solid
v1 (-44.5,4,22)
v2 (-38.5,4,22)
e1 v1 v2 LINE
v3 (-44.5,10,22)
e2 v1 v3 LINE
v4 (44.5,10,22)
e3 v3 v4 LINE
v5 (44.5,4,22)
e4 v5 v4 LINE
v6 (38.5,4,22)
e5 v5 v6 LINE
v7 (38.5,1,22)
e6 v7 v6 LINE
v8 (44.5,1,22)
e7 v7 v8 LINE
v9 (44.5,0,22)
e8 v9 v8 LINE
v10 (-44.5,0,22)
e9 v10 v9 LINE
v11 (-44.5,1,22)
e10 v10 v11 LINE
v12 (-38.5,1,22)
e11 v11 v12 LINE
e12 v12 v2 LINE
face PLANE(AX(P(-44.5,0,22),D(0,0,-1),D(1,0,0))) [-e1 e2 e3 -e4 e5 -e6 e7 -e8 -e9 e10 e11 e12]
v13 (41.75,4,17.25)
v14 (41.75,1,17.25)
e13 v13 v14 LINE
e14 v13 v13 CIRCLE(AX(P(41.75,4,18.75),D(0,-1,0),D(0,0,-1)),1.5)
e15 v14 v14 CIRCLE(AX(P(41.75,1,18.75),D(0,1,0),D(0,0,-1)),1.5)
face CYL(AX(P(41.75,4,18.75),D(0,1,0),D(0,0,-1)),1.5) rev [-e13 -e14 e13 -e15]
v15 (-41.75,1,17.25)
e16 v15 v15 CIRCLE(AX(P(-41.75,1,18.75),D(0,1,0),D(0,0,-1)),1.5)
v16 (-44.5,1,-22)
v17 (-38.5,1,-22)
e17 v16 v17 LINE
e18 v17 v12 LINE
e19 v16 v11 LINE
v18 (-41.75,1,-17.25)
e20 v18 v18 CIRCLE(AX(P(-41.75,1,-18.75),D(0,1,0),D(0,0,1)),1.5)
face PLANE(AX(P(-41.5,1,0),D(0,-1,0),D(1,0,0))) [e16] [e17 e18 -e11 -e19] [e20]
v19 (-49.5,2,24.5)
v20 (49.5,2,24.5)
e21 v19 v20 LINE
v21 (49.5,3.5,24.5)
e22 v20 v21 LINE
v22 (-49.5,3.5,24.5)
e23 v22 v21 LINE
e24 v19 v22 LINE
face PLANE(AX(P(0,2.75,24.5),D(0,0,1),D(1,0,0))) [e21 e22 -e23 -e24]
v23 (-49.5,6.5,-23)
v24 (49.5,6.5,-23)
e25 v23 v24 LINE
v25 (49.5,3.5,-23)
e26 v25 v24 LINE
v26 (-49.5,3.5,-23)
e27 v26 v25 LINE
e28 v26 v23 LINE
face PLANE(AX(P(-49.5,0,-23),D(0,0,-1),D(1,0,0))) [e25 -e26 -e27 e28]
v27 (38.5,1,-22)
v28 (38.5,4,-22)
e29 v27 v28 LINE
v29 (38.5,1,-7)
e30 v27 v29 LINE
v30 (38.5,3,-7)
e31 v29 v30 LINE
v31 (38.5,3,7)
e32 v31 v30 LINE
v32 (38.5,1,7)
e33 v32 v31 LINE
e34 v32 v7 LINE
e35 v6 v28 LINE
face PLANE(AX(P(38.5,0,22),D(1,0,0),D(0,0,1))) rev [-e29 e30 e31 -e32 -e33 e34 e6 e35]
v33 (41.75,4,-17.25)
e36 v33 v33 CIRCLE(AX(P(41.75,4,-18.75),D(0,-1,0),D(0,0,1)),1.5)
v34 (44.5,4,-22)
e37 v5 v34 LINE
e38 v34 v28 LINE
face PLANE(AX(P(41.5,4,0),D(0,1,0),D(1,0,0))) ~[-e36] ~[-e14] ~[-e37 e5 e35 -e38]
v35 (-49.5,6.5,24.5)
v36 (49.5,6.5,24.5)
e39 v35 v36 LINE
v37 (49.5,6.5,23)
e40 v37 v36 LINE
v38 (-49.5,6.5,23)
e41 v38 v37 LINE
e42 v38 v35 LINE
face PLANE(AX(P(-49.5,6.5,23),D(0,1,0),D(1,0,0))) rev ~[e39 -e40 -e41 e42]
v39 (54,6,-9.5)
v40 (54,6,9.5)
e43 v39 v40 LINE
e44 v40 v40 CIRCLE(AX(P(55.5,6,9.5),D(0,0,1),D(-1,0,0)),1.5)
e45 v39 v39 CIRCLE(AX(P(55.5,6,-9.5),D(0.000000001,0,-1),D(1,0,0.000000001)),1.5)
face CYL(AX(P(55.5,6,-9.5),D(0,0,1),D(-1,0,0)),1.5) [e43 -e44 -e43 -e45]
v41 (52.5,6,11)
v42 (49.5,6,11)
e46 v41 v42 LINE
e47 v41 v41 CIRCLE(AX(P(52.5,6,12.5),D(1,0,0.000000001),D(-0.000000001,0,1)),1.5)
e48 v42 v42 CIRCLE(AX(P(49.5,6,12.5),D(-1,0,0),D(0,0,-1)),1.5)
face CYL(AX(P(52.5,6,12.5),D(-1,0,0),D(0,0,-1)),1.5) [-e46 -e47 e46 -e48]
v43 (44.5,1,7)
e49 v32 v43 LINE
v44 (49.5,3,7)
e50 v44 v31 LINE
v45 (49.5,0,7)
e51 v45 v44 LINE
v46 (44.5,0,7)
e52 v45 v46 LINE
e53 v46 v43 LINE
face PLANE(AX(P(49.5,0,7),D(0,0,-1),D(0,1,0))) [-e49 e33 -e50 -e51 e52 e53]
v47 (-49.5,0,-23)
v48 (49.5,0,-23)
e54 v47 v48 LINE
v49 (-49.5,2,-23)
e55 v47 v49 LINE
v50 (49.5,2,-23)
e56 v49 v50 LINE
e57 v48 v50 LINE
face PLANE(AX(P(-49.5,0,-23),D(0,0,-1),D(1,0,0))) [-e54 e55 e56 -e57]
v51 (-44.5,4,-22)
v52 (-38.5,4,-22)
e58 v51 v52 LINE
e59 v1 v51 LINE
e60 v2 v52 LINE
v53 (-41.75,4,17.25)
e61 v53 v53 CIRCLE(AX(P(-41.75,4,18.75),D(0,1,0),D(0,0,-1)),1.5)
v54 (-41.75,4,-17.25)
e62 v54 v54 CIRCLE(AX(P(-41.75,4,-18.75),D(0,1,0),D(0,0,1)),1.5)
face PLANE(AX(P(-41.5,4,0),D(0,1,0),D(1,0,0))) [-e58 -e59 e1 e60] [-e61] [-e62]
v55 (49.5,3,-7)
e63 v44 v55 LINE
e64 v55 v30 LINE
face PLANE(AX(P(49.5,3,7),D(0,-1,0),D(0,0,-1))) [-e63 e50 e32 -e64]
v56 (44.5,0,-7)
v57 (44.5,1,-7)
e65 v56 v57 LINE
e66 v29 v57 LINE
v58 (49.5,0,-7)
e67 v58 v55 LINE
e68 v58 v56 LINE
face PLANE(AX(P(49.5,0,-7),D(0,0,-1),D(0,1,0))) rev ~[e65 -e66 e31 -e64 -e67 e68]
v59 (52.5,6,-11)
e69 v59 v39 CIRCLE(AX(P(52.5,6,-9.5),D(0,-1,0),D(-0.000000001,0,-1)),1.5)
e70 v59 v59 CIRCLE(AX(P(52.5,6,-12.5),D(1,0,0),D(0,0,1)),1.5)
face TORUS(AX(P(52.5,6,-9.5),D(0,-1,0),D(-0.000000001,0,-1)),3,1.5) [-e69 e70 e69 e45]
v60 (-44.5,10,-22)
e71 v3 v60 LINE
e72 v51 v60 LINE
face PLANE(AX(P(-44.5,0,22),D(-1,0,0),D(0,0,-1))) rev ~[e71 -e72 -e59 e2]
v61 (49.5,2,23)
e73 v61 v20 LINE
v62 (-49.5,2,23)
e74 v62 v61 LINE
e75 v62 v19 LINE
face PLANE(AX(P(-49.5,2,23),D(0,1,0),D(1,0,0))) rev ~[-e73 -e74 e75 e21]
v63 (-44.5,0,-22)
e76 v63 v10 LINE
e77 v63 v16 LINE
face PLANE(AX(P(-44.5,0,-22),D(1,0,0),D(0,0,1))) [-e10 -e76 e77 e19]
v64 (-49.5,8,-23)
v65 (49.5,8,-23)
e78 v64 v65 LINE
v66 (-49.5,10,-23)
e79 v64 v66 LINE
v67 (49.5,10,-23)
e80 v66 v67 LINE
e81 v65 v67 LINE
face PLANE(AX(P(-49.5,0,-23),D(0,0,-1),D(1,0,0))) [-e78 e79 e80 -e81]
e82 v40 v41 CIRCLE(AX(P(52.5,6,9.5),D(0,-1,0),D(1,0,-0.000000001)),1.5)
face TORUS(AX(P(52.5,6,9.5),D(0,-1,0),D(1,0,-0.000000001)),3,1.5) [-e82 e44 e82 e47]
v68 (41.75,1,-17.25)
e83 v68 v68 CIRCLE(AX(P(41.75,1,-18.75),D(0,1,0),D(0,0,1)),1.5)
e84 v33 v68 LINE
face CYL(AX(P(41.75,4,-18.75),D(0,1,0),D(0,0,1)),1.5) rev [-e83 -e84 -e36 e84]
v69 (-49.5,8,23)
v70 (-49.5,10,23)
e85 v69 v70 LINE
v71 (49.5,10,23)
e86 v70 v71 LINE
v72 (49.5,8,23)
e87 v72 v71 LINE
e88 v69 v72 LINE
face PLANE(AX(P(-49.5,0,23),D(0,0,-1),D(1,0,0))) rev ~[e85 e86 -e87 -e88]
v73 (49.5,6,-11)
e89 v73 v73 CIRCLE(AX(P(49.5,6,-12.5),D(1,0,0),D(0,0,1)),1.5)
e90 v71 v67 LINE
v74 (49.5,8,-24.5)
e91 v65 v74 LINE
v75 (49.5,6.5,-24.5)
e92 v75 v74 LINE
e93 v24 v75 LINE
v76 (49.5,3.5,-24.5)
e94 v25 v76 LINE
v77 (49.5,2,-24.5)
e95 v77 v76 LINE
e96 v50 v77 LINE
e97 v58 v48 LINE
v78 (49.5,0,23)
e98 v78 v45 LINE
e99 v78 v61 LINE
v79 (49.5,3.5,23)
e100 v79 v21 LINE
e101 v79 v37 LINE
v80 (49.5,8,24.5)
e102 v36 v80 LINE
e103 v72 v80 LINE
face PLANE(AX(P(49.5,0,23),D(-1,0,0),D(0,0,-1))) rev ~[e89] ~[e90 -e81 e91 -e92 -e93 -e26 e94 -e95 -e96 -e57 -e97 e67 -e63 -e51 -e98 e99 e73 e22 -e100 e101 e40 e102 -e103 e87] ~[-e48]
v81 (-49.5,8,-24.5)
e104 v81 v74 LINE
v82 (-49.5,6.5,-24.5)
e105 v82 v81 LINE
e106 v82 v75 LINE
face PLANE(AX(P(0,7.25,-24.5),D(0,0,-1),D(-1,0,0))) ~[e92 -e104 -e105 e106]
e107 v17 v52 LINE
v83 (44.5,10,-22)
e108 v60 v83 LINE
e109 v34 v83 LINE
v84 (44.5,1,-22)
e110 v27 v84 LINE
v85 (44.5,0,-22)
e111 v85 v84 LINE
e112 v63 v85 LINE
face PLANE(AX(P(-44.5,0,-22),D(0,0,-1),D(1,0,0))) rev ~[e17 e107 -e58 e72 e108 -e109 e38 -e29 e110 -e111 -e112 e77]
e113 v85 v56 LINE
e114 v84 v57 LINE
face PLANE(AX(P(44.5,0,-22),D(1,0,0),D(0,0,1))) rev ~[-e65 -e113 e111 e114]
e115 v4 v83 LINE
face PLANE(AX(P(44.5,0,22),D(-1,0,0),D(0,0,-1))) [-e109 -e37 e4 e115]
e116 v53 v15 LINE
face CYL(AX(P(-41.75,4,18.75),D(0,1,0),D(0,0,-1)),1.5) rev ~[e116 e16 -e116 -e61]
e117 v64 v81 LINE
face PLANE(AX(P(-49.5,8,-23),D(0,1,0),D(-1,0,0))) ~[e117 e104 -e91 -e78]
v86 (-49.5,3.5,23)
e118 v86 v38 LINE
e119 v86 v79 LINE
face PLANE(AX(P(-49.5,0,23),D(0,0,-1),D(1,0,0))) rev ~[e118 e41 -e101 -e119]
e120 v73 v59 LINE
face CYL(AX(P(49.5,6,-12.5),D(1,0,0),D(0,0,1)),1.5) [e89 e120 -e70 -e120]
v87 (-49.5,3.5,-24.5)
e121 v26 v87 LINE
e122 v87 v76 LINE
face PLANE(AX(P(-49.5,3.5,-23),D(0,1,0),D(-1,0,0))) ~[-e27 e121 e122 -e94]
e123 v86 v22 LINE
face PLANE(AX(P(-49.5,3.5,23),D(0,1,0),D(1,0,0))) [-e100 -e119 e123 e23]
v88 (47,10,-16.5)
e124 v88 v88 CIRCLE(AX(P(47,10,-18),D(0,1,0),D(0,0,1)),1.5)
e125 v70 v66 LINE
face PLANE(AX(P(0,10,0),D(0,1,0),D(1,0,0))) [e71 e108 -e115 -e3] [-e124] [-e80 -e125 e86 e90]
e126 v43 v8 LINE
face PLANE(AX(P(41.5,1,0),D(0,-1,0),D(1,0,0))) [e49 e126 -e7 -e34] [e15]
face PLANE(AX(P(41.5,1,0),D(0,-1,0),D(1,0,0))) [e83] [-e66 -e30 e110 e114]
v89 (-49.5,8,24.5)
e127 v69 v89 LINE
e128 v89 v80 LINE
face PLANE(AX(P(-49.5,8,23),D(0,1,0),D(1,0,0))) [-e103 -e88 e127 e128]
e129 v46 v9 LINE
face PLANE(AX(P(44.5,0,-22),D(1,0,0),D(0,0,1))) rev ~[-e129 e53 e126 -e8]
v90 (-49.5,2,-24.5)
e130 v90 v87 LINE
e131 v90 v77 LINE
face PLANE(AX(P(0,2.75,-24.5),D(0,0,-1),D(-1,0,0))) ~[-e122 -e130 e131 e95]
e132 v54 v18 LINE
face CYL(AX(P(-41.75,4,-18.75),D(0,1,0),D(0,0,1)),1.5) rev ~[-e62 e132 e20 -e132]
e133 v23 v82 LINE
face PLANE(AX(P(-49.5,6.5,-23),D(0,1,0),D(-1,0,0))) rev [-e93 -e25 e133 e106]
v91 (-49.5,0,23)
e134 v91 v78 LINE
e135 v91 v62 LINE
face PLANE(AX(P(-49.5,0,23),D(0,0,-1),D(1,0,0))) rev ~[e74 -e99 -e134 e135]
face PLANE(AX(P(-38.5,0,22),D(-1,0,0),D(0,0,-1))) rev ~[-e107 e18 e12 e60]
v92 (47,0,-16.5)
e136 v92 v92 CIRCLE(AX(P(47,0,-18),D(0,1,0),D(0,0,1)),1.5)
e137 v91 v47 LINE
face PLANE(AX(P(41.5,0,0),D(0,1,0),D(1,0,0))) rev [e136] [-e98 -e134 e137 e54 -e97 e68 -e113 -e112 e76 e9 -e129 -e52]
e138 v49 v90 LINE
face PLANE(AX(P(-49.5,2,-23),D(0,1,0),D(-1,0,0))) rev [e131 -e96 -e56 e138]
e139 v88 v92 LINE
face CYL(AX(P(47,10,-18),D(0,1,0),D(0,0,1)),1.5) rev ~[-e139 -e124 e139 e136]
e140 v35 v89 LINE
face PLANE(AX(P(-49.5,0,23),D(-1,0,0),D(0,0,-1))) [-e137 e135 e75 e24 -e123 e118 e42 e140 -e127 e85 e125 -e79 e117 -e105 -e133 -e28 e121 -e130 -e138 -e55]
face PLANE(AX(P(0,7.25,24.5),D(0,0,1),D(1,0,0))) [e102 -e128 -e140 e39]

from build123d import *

# Parameters (mm, degrees)
SKETCH1_W           = 99
SKETCH1_H           = 46
SKETCH1_W_2         = 89
SKETCH1_H_2         = 44
BOSS_EXTRUDE1_DEPTH = 10
SKETCH2_W           = 99
SKETCH2_H           = 1.5
BOSS_EXTRUDE2_DEPTH = 1.5
SKETCH4_W           = 6
SKETCH4_H           = 44
BOSS_EXTRUDE3_DEPTH = 4
SKETCH5_R           = 1.5
CUT_EXTRUDE1_DEPTH  = 4
SKETCH6_W           = 6
SKETCH6_H           = 44
CUT_EXTRUDE2_DEPTH  = 1
CUT_EXTRUDE3_REACH  = 104.476
SKETCH7_W           = 14
SKETCH7_H           = 3
SWEEP3_PROFILE_R    = 1.5
SKETCH23_R          = 1.5
CUT_EXTRUDE4_DEPTH  = 10


with BuildPart() as part:
    # Sketch1 → Boss-Extrude1 (new body)
    with BuildSketch(Plane(origin=(0, 0, 0), x_dir=(1, 0, 0), z_dir=(0, 1, 0))):
        Rectangle(SKETCH1_W, SKETCH1_H)
        Rectangle(SKETCH1_W_2, SKETCH1_H_2, mode=Mode.SUBTRACT)
    extrude(amount=BOSS_EXTRUDE1_DEPTH)

    # Sketch2 → Boss-Extrude2 (add)
    with BuildSketch(Plane.XY.offset(23)):
        with Locations((0, 2.75)):
            Rectangle(SKETCH2_W, SKETCH2_H)
        with Locations((0, 7.25)):
            Rectangle(SKETCH2_W, SKETCH2_H)
    boss_extrude2 = extrude(amount=BOSS_EXTRUDE2_DEPTH)

    # Mirror1: Boss-Extrude2 across plane
    add(boss_extrude2.mirror(Plane.XY))

    # Sketch4 → Boss-Extrude3 (add)
    with BuildSketch(Plane(origin=(0, 0, 0), x_dir=(1, 0, 0), z_dir=(0, 1, 0))):
        with Locations((-41.5, 0)):
            Rectangle(SKETCH4_W, SKETCH4_H)
    boss_extrude3 = extrude(amount=BOSS_EXTRUDE3_DEPTH)

    # Mirror2: Boss-Extrude3 across plane
    add(boss_extrude3.mirror(Plane(origin=(0, 0, 0), x_dir=(0, 0, 1), z_dir=(1, 0, 0))))

    # Sketch5 → Cut-Extrude1 (cut)
    with BuildSketch(Plane(origin=(0, 4, 0), x_dir=(1, 0, 0), z_dir=(0, 1, 0))):
        with Locations(Location((-41.75, 18.75, 0), (0, 0, 270))):
            Circle(SKETCH5_R)
        with Locations(Location((-41.75, -18.75, 0), (0, 0, 90))):
            Circle(SKETCH5_R)
    cut_extrude1 = extrude(amount=-CUT_EXTRUDE1_DEPTH, mode=Mode.SUBTRACT)

    # Mirror3: Cut-Extrude1 across plane
    add(cut_extrude1.mirror(Plane(origin=(0, 0, 0), x_dir=(0, 0, 1), z_dir=(1, 0, 0))), mode=Mode.SUBTRACT)

    # Sketch6 → Cut-Extrude2 (cut)
    with BuildSketch(Plane.XZ):
        with Locations((-41.5, 0)):
            Rectangle(SKETCH6_W, SKETCH6_H)
        with Locations((41.5, 0)):
            Rectangle(SKETCH6_W, SKETCH6_H)
    extrude(amount=-CUT_EXTRUDE2_DEPTH, mode=Mode.SUBTRACT)

    # Cut-Extrude3: up to this face of the body (flat: up to its plane)
    cut_extrude3_end = Plane(part.part.faces().sort_by_distance((38.5, 2.5, 0))[0])
    # Sketch7 → Cut-Extrude3 (cut, up to the picked face)
    with BuildSketch(Plane(origin=(49.5, 0, 0), x_dir=(0, 0, -1), z_dir=(1, 0, 0)), mode=Mode.PRIVATE) as cut_extrude3_sk1:
        with Locations((0, 1.5)):
            Rectangle(SKETCH7_W, SKETCH7_H)
    cut_extrude3_tool1 = split(extrude(cut_extrude3_sk1.sketch, amount=-CUT_EXTRUDE3_REACH, mode=Mode.PRIVATE), bisect_by=cut_extrude3_end, keep=Keep.BOTH, mode=Mode.PRIVATE)
    add(cut_extrude3_tool1.solids().sort_by(Axis((49.5, 1.5, 0), (-1, 0, 0)))[0], mode=Mode.SUBTRACT)

    # Sweep3: sweep along a path in Sketch9
    with BuildLine(Plane(origin=(0, 6, 0), x_dir=(1, 0, 0), z_dir=(0, 1, 0))) as sweep3_path:
        Line((49.5, 12.5), (52.5, 12.5))
        ThreePointArc((52.5, 12.5), (54.621320344, 11.621320344), (55.5, 9.5))
        Line((55.5, 9.5), (55.5, -9.5))
        ThreePointArc((55.5, -9.5), (54.621320344, -11.621320344), (52.5, -12.5))
        Line((52.5, -12.5), (49.5, -12.5))
    # Sweep3 profile (on start of the path) → Sweep3 (sweep)
    with BuildSketch(Plane(origin=(49.5, 6, -12.5), x_dir=(0, 0, 1), z_dir=(1, 0, 0))):
        Circle(SWEEP3_PROFILE_R)
    sweep(path=sweep3_path.line)

    # Sketch23 → Cut-Extrude4 (cut)
    with BuildSketch(Plane(origin=(0, 10, 0), x_dir=(1, 0, 0), z_dir=(0, 1, 0))):
        with Locations(Location((47, 18, 0), (0, 0, 270))):
            Circle(SKETCH23_R)
    extrude(amount=-CUT_EXTRUDE4_DEPTH, mode=Mode.SUBTRACT)


solid = part.part
